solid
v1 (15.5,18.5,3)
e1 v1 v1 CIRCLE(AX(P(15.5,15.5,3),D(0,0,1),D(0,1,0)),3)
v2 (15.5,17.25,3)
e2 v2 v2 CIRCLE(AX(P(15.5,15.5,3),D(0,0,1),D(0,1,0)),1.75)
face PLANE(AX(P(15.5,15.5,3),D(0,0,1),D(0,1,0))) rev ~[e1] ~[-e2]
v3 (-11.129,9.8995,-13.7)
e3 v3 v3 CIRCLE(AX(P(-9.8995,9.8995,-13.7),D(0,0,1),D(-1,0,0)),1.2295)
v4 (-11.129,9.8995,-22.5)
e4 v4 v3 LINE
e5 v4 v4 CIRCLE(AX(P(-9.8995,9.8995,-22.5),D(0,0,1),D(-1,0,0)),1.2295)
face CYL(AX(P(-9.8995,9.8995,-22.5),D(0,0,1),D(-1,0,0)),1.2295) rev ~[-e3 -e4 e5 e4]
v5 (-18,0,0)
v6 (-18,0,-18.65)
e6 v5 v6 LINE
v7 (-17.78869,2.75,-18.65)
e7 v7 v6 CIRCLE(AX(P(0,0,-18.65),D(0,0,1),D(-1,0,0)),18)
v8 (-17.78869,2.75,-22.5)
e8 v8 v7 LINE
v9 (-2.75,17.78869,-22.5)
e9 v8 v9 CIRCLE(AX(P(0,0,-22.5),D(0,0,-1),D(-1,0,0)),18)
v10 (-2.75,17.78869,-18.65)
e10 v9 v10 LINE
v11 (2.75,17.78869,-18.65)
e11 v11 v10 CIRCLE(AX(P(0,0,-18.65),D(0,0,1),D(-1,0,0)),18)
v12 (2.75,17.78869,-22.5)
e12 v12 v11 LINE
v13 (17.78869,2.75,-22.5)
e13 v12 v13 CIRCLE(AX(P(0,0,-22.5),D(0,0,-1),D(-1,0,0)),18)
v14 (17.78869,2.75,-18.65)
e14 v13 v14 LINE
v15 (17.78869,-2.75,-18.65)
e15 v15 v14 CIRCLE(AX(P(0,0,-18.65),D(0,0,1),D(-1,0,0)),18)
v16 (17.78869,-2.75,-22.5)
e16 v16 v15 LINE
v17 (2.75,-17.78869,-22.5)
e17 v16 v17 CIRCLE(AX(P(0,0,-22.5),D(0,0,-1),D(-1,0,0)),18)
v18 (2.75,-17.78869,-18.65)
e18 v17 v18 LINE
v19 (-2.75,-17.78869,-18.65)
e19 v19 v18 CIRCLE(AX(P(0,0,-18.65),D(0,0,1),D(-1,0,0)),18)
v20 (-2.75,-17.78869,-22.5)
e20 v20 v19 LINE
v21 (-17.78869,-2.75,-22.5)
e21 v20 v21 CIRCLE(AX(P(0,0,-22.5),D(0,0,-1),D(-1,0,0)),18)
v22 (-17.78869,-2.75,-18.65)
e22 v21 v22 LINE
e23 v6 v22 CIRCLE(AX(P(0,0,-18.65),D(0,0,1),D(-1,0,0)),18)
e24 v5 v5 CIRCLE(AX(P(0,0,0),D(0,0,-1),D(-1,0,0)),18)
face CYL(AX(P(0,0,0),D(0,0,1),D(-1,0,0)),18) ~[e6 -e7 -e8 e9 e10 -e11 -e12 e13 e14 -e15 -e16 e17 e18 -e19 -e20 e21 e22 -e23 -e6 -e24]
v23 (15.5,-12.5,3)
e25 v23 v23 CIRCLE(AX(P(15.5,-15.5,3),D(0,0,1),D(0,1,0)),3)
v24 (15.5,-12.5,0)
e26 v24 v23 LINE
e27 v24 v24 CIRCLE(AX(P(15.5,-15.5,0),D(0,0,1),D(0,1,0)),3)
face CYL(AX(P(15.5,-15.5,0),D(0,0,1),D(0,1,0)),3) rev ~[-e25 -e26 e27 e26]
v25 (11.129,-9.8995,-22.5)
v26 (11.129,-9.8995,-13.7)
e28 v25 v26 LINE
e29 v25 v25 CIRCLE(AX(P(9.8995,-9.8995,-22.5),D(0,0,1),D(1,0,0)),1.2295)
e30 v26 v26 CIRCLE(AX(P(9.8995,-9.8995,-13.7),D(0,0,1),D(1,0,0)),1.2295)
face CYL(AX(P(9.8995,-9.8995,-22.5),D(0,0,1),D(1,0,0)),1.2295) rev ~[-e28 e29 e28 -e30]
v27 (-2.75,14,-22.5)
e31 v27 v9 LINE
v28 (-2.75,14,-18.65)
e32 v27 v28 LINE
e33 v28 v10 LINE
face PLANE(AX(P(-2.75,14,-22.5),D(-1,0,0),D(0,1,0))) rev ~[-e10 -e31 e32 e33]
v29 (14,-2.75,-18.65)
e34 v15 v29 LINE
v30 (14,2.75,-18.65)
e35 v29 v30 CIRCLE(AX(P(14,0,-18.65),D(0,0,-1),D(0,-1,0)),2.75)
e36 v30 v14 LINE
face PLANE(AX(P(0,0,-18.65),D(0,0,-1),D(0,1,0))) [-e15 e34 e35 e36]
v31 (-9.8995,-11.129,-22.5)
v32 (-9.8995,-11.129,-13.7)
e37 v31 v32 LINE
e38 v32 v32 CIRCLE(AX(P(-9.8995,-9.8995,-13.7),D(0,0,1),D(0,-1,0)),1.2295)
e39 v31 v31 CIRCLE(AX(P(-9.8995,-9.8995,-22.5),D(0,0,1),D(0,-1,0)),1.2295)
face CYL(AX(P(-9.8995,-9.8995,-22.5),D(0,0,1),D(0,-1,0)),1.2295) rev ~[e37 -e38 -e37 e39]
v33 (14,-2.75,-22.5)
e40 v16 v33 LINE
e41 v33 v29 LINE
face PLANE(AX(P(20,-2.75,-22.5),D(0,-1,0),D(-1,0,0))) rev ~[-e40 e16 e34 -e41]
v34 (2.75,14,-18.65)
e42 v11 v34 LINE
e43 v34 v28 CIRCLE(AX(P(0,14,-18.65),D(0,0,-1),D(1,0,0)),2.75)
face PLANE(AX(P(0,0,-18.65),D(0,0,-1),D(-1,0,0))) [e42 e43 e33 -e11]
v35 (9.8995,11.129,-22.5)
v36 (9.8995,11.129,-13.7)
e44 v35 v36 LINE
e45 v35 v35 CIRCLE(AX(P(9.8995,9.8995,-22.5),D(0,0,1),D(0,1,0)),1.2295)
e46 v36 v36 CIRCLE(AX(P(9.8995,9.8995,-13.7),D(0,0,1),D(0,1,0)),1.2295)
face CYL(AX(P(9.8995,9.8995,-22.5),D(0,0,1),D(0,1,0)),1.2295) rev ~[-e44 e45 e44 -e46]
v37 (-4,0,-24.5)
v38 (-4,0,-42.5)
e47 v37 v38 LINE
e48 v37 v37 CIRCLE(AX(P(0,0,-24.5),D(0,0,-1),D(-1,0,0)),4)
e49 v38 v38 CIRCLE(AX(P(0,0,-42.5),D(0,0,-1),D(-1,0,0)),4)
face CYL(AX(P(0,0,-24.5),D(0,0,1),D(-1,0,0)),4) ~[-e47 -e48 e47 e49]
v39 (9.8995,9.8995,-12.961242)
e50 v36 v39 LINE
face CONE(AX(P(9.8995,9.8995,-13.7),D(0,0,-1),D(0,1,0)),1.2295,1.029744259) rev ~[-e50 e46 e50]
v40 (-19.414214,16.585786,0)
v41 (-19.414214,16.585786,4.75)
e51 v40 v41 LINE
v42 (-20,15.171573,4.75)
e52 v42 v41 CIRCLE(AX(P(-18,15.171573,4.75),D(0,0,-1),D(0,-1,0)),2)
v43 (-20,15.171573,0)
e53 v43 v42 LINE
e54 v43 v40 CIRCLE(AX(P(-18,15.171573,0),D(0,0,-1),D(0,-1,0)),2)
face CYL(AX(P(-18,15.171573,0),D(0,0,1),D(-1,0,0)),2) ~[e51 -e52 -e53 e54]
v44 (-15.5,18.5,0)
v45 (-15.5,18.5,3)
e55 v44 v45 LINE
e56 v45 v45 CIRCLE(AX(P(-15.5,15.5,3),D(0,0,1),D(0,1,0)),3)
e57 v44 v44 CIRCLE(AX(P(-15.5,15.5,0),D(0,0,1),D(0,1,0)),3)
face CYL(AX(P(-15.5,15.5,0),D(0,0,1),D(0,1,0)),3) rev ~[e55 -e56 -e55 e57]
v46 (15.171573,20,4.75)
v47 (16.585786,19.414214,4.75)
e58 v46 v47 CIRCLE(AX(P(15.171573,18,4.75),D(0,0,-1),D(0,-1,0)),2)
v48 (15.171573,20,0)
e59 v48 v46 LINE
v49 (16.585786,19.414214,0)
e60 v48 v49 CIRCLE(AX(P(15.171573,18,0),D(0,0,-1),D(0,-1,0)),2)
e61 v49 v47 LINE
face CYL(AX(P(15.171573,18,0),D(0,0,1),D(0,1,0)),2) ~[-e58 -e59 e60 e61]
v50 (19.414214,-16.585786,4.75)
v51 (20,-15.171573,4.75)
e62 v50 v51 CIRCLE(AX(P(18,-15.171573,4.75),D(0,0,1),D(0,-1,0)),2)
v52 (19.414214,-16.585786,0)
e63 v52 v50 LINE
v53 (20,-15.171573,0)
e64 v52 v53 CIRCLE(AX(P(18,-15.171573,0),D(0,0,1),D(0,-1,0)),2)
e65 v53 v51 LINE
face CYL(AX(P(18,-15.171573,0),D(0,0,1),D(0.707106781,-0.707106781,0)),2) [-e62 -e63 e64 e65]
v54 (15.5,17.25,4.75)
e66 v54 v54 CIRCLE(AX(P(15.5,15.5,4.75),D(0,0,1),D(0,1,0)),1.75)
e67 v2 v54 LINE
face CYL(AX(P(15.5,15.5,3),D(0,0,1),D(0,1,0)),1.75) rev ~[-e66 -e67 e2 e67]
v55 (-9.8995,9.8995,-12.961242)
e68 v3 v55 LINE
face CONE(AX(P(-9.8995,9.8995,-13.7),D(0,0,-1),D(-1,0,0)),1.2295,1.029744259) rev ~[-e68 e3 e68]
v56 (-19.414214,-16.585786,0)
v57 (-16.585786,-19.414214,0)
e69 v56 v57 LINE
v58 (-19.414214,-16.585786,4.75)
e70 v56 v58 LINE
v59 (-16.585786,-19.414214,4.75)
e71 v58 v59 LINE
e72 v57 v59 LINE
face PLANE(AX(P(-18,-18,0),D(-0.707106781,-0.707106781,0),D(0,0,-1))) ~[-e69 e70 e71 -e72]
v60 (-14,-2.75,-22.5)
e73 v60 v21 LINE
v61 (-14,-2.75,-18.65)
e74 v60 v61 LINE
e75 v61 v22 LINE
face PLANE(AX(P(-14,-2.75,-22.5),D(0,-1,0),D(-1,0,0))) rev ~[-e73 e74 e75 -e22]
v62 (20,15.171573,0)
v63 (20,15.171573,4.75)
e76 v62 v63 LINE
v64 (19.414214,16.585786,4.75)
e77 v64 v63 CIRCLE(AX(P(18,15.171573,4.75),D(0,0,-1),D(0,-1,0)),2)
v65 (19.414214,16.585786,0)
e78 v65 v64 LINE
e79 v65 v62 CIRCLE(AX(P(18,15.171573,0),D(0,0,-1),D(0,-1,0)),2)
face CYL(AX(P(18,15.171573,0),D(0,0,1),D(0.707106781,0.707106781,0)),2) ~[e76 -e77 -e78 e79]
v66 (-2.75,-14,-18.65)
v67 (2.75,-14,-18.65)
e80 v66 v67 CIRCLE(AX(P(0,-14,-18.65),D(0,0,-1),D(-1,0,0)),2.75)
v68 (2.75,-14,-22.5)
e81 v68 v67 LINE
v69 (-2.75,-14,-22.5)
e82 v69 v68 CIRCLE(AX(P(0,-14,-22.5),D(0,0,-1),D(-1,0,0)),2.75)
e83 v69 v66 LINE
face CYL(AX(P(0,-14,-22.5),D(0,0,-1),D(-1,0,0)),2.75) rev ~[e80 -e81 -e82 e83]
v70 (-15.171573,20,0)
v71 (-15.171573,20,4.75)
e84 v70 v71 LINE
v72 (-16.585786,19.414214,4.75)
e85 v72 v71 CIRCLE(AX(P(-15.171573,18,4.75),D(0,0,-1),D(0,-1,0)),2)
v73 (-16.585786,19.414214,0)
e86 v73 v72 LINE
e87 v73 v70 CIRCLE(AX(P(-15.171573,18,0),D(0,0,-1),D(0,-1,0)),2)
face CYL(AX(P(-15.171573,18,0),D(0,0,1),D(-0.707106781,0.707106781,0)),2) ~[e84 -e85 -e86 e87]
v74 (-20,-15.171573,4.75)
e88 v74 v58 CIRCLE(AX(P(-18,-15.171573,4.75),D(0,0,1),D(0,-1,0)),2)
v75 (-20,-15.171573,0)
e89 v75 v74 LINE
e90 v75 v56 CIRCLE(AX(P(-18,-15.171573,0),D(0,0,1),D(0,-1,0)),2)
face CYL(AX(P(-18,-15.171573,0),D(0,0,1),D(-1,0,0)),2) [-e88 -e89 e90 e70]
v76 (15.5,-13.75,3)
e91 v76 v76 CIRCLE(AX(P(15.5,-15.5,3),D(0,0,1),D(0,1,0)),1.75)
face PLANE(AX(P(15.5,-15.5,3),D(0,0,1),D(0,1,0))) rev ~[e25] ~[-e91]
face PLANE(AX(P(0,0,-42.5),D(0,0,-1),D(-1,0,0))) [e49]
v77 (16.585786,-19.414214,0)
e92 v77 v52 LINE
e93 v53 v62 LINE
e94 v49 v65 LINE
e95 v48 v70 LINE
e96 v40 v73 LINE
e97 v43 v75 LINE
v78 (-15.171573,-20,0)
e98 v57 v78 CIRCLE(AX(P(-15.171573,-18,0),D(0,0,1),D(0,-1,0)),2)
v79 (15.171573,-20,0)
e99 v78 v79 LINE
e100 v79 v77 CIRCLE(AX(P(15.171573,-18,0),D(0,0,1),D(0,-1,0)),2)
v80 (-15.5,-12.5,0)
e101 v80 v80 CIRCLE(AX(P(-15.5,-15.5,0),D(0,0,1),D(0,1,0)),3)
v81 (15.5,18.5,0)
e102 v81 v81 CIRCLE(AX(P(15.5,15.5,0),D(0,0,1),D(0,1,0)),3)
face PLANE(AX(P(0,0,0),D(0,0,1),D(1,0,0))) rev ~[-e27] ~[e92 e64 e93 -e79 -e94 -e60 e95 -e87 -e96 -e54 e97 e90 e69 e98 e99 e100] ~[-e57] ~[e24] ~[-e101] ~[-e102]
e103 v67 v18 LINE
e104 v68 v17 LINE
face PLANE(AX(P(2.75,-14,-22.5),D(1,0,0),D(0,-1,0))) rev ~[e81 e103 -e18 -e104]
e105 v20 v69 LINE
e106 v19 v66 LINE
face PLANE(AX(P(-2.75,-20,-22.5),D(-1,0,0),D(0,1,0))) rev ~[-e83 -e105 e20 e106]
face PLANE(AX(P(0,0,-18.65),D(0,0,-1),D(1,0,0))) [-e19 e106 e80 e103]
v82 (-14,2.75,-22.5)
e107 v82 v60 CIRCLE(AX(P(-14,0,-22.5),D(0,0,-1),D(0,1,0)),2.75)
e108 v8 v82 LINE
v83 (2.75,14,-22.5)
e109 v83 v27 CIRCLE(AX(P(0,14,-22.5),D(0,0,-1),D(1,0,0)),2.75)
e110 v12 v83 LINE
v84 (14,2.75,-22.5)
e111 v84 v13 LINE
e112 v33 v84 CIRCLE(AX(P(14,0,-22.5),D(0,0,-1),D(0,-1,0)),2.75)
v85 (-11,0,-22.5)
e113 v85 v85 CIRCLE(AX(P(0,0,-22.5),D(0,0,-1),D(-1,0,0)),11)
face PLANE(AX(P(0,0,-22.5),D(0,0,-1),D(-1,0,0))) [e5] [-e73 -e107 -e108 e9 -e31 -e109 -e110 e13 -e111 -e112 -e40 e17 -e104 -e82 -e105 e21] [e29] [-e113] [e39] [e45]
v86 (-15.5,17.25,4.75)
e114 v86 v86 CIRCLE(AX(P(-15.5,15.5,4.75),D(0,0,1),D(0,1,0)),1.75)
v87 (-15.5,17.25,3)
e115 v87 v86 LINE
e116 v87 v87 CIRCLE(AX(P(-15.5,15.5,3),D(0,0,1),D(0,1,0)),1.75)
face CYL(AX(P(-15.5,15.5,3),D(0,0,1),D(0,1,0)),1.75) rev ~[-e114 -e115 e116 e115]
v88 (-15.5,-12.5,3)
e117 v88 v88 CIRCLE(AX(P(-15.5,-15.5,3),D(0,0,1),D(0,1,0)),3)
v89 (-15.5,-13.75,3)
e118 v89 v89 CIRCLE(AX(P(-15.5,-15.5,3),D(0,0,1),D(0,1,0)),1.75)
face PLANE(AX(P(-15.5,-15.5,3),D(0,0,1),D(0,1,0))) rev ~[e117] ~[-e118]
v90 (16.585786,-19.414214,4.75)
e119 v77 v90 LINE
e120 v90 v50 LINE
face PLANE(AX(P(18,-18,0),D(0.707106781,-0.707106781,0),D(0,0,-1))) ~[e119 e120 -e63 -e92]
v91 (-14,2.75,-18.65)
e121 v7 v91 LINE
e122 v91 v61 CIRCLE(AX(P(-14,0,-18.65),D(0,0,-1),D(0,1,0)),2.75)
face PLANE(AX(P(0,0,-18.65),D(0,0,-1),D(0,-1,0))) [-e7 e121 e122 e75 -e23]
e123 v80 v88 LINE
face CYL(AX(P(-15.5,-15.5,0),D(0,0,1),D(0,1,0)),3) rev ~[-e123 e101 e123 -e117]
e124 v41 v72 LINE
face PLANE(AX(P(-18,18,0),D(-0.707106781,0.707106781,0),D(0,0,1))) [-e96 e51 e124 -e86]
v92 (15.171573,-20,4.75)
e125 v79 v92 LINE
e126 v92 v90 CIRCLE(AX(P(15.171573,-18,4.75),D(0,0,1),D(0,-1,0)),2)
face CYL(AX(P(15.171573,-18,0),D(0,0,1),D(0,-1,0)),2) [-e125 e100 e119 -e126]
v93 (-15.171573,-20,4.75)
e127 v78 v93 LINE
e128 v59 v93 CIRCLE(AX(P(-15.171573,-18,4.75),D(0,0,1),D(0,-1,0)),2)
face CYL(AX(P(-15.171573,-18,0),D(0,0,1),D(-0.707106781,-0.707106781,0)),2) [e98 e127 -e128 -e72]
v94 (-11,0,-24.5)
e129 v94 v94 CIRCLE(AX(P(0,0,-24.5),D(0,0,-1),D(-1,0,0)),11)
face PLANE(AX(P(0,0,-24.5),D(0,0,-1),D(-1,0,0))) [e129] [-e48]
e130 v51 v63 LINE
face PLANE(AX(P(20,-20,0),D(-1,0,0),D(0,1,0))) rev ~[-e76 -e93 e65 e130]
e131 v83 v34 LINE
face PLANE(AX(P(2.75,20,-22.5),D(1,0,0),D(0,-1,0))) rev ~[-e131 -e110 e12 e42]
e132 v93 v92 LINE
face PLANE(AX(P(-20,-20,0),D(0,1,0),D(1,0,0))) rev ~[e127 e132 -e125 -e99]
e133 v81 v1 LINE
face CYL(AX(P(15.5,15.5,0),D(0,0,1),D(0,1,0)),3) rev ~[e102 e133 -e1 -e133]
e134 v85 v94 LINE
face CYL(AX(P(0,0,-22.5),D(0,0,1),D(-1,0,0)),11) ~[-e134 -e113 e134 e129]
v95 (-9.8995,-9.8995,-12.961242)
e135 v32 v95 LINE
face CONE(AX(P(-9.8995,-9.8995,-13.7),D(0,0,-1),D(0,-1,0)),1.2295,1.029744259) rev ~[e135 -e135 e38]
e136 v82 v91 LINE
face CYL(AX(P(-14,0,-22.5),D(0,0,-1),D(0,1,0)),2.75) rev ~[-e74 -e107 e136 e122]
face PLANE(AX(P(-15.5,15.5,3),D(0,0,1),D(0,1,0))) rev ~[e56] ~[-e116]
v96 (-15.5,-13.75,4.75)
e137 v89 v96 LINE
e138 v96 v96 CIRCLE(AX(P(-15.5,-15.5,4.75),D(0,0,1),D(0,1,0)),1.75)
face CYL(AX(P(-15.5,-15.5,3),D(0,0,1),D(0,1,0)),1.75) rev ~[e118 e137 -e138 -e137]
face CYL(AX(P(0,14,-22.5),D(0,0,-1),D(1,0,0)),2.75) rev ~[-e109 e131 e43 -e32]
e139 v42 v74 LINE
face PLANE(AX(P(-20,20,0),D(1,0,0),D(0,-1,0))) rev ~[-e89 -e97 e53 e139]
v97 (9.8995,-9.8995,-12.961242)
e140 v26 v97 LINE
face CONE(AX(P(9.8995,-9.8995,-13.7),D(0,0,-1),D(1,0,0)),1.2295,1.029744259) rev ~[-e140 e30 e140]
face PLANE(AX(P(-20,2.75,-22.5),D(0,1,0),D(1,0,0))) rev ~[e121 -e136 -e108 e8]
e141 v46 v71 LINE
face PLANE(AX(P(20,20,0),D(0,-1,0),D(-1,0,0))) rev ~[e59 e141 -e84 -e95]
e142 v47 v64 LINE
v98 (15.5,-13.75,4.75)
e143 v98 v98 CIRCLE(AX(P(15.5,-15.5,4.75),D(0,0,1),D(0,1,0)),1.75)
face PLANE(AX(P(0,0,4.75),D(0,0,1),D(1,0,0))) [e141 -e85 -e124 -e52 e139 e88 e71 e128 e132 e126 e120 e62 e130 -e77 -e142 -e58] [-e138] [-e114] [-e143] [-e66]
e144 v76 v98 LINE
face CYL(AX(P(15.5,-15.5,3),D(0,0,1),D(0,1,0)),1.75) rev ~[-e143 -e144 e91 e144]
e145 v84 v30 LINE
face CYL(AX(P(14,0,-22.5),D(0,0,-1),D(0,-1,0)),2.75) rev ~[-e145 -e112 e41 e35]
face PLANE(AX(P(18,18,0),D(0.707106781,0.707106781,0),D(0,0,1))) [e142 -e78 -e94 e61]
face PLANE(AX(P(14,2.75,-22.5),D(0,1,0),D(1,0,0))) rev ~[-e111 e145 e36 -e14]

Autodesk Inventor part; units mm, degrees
ref_plane "YZ Plane" through (0, 0, 0) normal (1, 0, 0) x (0, 1, 0)
ref_plane "XZ Plane" through (0, 0, 0) normal (0, 1, 0) x (-1, 0, 0)
ref_plane "XY Plane" through (0, 0, 0) normal (0, 0, 1) x (1, 0, 0)
sketch "Esquisse1" plane through (0, 0, 0) normal (0, 0, 1) x (1, 0, 0)
  line L0 (-20, -20) -> (20, -20)
  line L1 (20, -20) -> (20, 20)
  line L2 (20, 20) -> (-20, 20)
  line L3 (-20, 20) -> (-20, -20)
  line L4 (-20, -20) -> (20, 20) construction
  line L5 (20, -20) -> (-20, 20) construction
  point P0 (0, 0)
  dimension "d0" = 40
  dimension "d1" = 40
extrude "Extrusion1" add sketch "Esquisse1" along normal blind 4.75
sketch "Esquisse2" plane through (0, 0, 0) normal (0, 0, -1) x (-1, 0, 0)
  circle A0 centre (0, 0) radius 18
  dimension "d4" = 36
extrude "Extrusion2" add sketch "Esquisse2" along normal blind 22.5
sketch "Esquisse3" plane through (0, 0, -22.5) normal (0, 0, -1) x (-1, 0, 0)
  circle A0 centre (0, 0) radius 11
  dimension "d7" = 22
extrude "Extrusion3" add sketch "Esquisse3" along normal blind 2
sketch "Esquisse4" plane through (0, 0, -24.5) normal (0, 0, -1) x (-1, 0, 0)
  circle A0 centre (0, 0) radius 4
  dimension "d10" = 8
extrude "Extrusion4" add sketch "Esquisse4" along normal blind 18
sketch "Esquisse5" plane through (0, 0, -22.5) normal (0, 0, -1) x (-1, 0, 0)
  line L0 (2.75, 14) -> (2.75, 20)
  line L1 (2.75, 20) -> (-2.75, 20)
  line L2 (-2.75, 20) -> (-2.75, 14)
  arc A0 (-2.75, 14) -> (2.75, 14) centre (0, 14) ccw
  line L3 (-5.8727, 11.25) -> (6.9121, 11.25) construction
  line L4 (-20, 20) -> (20, 20) construction
  point P0 (0, 0)
  dimension "d13" = 5.5
  dimension "d14" = 11.25
extrude "Extrusion5" cut sketch "Esquisse5" against normal blind 3.85
pattern_circular "Réseau circulaire1" count 4 over 360 about axis through (0, 0, 0) along (0, 0, -1) of "Extrusion5"
sketch "Esquisse6" plane through (0, 0, -22.5) normal (0, 0, -1) x (-1, 0, 0)
  circle A0 centre (0, 0) radius 14 construction
  circle A1 centre (0, 0) radius 11 construction
  line L0 (0, 0) -> (-20.9292, 20.9292) construction
  line L1 (28, 0) -> (-28, 0) construction
  point P0 (-9.8995, 9.8995)
  dimension "d20" = 28
  dimension "d21" = 45
hole "Perçage1" at (9.8995, 9.8995, -22.5) direction (0, 0, 1) diameter 2.459 depth 8.8 tip angle 118 thread size "M3x0.5" class "6H" standard "ISO Metric profile"
pattern_circular "Réseau circulaire2" count 4 over 360 about axis through (0, 0, 0) along (0, 0, -1) of "Perçage1"
sketch "Esquisse7" plane through (0, 0, 0) normal (0, 0, -1) x (-1, 0, 0)
  point P0 (0, 0)
  point P1 (15.5, 15.5)
  point P2 (15.5, -15.5)
  point P3 (-15.5, -15.5)
  point P4 (-15.5, 15.5)
  dimension "d32" = 31
  dimension "d33" = 31
  dimension "d34" = 15.5
  dimension "d35" = 15.5
hole "Perçage2" at (-15.5, 15.5, 0) at (-15.5, -15.5, 0) at (15.5, -15.5, 0) at (15.5, 15.5, 0) direction (0, 0, 1) diameter 3.5 end through all counterbore diameter 6 counterbore depth 3
chamfer "Chanfrein1" distance 4 angle 45 4 edges at (-20, -20, 2.375) (20, -20, 2.375) (20, 20, 2.375) (-20, 20, 2.375)
fillet "Congé1" radius 2 8 edges at (-16, -20, 2.375) (16, -20, 2.375) (20, -16, 2.375) (20, 16, 2.375) (16, 20, 2.375) (-16, 20, 2.375) (-20, 16, 2.375) (-20, -16, 2.375)
equation "\"d33\" = d32"
equation "\"d34\" = 0.5 * d32"
equation "\"d35\" = 0.5 * d33"
properties part number "Reducteur" material "----------"
